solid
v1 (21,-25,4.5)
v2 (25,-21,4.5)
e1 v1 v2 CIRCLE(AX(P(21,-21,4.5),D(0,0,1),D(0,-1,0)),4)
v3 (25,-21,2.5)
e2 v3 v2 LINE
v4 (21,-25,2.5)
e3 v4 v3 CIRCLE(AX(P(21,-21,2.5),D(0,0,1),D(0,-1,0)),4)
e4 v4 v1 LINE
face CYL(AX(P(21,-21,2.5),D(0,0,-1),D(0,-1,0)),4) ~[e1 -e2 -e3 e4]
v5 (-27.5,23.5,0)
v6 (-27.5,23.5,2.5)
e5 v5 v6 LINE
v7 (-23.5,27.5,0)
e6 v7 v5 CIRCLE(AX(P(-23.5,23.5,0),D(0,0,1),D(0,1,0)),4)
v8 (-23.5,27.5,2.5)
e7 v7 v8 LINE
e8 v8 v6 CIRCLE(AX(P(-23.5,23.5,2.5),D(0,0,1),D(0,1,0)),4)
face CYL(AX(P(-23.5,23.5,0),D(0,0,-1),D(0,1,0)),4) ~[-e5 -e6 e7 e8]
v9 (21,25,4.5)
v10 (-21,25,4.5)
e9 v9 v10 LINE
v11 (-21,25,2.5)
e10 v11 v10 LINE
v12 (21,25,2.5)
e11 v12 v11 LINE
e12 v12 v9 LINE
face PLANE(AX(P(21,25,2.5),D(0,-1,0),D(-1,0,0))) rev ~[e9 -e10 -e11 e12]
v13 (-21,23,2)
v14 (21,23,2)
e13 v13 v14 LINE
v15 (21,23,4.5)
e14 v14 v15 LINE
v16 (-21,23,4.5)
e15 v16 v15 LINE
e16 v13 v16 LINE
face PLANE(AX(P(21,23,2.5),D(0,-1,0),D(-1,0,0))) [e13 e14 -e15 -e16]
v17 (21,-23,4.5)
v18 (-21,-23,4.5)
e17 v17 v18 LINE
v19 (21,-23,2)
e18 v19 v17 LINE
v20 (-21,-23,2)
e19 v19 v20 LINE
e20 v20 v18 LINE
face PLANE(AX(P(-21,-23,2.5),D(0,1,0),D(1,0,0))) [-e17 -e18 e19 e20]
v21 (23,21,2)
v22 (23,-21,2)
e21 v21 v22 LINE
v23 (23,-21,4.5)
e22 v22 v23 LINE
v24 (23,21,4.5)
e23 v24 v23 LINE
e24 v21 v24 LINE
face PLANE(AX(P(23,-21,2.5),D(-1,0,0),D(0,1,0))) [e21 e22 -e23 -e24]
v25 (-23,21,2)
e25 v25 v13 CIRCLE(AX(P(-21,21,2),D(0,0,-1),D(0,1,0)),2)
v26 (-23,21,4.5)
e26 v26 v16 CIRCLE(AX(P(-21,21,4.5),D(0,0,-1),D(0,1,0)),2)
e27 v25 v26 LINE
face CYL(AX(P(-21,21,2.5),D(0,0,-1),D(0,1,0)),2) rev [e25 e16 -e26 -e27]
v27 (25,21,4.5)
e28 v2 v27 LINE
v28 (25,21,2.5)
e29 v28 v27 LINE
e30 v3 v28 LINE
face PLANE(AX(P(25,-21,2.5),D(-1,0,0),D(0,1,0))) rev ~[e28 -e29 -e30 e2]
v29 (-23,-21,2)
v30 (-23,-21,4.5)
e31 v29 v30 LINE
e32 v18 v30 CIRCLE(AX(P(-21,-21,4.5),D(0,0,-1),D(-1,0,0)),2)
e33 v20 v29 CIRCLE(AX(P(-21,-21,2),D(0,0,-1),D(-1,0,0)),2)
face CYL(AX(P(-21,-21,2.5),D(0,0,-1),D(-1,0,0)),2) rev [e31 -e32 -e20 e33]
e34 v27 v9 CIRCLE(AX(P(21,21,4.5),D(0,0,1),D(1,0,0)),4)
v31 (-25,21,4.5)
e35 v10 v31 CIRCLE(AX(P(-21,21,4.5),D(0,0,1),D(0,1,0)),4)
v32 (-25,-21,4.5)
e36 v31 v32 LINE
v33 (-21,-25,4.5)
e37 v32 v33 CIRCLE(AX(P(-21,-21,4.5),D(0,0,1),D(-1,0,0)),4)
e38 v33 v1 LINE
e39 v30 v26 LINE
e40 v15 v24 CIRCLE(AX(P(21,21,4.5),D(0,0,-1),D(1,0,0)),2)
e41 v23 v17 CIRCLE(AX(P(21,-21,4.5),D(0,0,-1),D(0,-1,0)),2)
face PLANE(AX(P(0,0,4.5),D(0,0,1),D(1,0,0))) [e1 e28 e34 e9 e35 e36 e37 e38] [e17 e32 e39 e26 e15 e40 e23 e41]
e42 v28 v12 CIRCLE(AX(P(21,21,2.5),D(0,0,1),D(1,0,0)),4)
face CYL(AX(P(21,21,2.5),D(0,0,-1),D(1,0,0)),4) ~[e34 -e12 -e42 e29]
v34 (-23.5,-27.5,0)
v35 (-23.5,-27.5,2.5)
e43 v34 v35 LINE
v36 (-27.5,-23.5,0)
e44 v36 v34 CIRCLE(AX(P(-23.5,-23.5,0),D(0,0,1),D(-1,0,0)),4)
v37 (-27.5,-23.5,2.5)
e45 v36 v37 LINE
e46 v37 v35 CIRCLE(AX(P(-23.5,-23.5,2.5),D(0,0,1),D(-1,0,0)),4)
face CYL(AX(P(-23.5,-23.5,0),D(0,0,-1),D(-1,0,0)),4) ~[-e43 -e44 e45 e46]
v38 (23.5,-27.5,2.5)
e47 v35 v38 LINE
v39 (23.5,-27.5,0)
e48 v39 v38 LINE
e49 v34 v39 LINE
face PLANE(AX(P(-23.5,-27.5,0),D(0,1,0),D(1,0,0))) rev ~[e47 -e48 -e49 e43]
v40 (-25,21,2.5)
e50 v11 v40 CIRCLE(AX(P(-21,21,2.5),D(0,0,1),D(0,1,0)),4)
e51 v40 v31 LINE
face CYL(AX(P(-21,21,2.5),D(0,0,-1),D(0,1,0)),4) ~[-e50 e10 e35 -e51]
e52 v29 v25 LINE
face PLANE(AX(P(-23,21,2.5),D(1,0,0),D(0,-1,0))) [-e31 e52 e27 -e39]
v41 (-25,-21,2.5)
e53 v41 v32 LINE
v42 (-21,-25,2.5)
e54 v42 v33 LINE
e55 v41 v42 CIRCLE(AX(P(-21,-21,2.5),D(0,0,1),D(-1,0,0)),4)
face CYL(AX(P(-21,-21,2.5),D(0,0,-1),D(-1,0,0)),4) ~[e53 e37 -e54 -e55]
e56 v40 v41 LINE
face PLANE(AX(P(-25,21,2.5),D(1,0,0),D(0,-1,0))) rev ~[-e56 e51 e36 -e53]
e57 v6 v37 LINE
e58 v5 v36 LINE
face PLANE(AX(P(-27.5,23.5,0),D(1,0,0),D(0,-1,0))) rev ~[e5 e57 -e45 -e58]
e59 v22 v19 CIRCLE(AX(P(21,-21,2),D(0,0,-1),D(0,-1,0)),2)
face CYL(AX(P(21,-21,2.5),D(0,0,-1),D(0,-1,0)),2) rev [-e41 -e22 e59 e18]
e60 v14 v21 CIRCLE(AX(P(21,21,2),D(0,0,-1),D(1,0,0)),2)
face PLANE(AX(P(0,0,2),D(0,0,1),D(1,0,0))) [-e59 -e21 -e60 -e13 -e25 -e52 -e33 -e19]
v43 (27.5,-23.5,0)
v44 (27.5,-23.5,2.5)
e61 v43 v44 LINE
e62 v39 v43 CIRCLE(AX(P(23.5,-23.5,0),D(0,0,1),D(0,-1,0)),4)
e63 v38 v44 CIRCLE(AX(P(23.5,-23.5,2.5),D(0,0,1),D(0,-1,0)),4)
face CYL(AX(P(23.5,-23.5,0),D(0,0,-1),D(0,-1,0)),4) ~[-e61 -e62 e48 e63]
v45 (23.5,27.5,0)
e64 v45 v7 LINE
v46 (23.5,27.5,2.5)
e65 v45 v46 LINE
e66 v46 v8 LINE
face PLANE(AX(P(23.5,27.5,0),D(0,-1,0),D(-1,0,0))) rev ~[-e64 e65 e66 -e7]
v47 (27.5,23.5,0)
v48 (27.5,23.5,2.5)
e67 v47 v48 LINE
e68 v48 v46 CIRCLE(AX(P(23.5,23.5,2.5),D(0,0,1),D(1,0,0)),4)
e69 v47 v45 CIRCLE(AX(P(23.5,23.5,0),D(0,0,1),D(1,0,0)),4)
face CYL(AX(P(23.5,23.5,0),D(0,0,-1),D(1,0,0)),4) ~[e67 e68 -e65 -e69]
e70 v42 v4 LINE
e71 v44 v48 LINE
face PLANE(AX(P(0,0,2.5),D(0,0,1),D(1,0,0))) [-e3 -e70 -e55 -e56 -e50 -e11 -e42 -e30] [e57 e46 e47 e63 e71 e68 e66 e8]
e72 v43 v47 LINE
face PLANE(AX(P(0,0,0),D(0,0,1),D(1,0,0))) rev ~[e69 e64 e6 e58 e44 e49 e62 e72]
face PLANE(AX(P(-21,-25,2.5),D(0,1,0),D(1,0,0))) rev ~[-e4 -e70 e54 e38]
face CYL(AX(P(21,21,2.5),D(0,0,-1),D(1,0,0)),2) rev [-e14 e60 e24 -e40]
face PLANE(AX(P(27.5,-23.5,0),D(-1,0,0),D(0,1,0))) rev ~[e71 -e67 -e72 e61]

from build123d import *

# Parameters (mm, degrees)
F2_DEPTH = 2.5
F4_DEPTH = 2
F5_T     = -2


with BuildPart() as f2:
    # F1 (on Top) → F2 (new body)
    with BuildSketch(Plane.XY):
        with BuildLine():
            Line((23.5, 27.5), (-23.5, 27.5))
            ThreePointArc((-23.5, 27.5), (-26.3284271247, 26.3284271247), (-27.5, 23.5))
            Line((-27.5, 23.5), (-27.5, -23.5))
            ThreePointArc((-27.5, -23.5), (-26.3284271247, -26.3284271247), (-23.5, -27.5))
            Line((-23.5, -27.5), (23.5, -27.5))
            ThreePointArc((23.5, -27.5), (26.3284271247, -26.3284271247), (27.5, -23.5))
            Line((27.5, -23.5), (27.5, 23.5))
            ThreePointArc((27.5, 23.5), (26.3284271247, 26.3284271247), (23.5, 27.5))
        make_face()
    extrude(amount=F2_DEPTH)

    # F3 (on face) → F4 (join)
    with BuildSketch(Plane.XY.offset(2.5)):
        with BuildLine():
            Line((21, 25), (-21, 25))
            ThreePointArc((-21, 25), (-23.8284271247, 23.8284271247), (-25, 21))
            Line((-25, 21), (-25, -21))
            ThreePointArc((-25, -21), (-23.8284271247, -23.8284271247), (-21, -25))
            Line((-21, -25), (21, -25))
            ThreePointArc((21, -25), (23.8284271247, -23.8284271247), (25, -21))
            Line((25, -21), (25, 21))
            ThreePointArc((25, 21), (23.8284271247, 23.8284271247), (21, 25))
        make_face()
    extrude(amount=F4_DEPTH)

    # F5
    f5_openings = [f2.faces().sort_by_distance(p)[0] for p in [
        (0, 0, 4.5),
    ]]
    offset(amount=F5_T, openings=f5_openings, kind=Kind.INTERSECTION)


solid = f2.part
